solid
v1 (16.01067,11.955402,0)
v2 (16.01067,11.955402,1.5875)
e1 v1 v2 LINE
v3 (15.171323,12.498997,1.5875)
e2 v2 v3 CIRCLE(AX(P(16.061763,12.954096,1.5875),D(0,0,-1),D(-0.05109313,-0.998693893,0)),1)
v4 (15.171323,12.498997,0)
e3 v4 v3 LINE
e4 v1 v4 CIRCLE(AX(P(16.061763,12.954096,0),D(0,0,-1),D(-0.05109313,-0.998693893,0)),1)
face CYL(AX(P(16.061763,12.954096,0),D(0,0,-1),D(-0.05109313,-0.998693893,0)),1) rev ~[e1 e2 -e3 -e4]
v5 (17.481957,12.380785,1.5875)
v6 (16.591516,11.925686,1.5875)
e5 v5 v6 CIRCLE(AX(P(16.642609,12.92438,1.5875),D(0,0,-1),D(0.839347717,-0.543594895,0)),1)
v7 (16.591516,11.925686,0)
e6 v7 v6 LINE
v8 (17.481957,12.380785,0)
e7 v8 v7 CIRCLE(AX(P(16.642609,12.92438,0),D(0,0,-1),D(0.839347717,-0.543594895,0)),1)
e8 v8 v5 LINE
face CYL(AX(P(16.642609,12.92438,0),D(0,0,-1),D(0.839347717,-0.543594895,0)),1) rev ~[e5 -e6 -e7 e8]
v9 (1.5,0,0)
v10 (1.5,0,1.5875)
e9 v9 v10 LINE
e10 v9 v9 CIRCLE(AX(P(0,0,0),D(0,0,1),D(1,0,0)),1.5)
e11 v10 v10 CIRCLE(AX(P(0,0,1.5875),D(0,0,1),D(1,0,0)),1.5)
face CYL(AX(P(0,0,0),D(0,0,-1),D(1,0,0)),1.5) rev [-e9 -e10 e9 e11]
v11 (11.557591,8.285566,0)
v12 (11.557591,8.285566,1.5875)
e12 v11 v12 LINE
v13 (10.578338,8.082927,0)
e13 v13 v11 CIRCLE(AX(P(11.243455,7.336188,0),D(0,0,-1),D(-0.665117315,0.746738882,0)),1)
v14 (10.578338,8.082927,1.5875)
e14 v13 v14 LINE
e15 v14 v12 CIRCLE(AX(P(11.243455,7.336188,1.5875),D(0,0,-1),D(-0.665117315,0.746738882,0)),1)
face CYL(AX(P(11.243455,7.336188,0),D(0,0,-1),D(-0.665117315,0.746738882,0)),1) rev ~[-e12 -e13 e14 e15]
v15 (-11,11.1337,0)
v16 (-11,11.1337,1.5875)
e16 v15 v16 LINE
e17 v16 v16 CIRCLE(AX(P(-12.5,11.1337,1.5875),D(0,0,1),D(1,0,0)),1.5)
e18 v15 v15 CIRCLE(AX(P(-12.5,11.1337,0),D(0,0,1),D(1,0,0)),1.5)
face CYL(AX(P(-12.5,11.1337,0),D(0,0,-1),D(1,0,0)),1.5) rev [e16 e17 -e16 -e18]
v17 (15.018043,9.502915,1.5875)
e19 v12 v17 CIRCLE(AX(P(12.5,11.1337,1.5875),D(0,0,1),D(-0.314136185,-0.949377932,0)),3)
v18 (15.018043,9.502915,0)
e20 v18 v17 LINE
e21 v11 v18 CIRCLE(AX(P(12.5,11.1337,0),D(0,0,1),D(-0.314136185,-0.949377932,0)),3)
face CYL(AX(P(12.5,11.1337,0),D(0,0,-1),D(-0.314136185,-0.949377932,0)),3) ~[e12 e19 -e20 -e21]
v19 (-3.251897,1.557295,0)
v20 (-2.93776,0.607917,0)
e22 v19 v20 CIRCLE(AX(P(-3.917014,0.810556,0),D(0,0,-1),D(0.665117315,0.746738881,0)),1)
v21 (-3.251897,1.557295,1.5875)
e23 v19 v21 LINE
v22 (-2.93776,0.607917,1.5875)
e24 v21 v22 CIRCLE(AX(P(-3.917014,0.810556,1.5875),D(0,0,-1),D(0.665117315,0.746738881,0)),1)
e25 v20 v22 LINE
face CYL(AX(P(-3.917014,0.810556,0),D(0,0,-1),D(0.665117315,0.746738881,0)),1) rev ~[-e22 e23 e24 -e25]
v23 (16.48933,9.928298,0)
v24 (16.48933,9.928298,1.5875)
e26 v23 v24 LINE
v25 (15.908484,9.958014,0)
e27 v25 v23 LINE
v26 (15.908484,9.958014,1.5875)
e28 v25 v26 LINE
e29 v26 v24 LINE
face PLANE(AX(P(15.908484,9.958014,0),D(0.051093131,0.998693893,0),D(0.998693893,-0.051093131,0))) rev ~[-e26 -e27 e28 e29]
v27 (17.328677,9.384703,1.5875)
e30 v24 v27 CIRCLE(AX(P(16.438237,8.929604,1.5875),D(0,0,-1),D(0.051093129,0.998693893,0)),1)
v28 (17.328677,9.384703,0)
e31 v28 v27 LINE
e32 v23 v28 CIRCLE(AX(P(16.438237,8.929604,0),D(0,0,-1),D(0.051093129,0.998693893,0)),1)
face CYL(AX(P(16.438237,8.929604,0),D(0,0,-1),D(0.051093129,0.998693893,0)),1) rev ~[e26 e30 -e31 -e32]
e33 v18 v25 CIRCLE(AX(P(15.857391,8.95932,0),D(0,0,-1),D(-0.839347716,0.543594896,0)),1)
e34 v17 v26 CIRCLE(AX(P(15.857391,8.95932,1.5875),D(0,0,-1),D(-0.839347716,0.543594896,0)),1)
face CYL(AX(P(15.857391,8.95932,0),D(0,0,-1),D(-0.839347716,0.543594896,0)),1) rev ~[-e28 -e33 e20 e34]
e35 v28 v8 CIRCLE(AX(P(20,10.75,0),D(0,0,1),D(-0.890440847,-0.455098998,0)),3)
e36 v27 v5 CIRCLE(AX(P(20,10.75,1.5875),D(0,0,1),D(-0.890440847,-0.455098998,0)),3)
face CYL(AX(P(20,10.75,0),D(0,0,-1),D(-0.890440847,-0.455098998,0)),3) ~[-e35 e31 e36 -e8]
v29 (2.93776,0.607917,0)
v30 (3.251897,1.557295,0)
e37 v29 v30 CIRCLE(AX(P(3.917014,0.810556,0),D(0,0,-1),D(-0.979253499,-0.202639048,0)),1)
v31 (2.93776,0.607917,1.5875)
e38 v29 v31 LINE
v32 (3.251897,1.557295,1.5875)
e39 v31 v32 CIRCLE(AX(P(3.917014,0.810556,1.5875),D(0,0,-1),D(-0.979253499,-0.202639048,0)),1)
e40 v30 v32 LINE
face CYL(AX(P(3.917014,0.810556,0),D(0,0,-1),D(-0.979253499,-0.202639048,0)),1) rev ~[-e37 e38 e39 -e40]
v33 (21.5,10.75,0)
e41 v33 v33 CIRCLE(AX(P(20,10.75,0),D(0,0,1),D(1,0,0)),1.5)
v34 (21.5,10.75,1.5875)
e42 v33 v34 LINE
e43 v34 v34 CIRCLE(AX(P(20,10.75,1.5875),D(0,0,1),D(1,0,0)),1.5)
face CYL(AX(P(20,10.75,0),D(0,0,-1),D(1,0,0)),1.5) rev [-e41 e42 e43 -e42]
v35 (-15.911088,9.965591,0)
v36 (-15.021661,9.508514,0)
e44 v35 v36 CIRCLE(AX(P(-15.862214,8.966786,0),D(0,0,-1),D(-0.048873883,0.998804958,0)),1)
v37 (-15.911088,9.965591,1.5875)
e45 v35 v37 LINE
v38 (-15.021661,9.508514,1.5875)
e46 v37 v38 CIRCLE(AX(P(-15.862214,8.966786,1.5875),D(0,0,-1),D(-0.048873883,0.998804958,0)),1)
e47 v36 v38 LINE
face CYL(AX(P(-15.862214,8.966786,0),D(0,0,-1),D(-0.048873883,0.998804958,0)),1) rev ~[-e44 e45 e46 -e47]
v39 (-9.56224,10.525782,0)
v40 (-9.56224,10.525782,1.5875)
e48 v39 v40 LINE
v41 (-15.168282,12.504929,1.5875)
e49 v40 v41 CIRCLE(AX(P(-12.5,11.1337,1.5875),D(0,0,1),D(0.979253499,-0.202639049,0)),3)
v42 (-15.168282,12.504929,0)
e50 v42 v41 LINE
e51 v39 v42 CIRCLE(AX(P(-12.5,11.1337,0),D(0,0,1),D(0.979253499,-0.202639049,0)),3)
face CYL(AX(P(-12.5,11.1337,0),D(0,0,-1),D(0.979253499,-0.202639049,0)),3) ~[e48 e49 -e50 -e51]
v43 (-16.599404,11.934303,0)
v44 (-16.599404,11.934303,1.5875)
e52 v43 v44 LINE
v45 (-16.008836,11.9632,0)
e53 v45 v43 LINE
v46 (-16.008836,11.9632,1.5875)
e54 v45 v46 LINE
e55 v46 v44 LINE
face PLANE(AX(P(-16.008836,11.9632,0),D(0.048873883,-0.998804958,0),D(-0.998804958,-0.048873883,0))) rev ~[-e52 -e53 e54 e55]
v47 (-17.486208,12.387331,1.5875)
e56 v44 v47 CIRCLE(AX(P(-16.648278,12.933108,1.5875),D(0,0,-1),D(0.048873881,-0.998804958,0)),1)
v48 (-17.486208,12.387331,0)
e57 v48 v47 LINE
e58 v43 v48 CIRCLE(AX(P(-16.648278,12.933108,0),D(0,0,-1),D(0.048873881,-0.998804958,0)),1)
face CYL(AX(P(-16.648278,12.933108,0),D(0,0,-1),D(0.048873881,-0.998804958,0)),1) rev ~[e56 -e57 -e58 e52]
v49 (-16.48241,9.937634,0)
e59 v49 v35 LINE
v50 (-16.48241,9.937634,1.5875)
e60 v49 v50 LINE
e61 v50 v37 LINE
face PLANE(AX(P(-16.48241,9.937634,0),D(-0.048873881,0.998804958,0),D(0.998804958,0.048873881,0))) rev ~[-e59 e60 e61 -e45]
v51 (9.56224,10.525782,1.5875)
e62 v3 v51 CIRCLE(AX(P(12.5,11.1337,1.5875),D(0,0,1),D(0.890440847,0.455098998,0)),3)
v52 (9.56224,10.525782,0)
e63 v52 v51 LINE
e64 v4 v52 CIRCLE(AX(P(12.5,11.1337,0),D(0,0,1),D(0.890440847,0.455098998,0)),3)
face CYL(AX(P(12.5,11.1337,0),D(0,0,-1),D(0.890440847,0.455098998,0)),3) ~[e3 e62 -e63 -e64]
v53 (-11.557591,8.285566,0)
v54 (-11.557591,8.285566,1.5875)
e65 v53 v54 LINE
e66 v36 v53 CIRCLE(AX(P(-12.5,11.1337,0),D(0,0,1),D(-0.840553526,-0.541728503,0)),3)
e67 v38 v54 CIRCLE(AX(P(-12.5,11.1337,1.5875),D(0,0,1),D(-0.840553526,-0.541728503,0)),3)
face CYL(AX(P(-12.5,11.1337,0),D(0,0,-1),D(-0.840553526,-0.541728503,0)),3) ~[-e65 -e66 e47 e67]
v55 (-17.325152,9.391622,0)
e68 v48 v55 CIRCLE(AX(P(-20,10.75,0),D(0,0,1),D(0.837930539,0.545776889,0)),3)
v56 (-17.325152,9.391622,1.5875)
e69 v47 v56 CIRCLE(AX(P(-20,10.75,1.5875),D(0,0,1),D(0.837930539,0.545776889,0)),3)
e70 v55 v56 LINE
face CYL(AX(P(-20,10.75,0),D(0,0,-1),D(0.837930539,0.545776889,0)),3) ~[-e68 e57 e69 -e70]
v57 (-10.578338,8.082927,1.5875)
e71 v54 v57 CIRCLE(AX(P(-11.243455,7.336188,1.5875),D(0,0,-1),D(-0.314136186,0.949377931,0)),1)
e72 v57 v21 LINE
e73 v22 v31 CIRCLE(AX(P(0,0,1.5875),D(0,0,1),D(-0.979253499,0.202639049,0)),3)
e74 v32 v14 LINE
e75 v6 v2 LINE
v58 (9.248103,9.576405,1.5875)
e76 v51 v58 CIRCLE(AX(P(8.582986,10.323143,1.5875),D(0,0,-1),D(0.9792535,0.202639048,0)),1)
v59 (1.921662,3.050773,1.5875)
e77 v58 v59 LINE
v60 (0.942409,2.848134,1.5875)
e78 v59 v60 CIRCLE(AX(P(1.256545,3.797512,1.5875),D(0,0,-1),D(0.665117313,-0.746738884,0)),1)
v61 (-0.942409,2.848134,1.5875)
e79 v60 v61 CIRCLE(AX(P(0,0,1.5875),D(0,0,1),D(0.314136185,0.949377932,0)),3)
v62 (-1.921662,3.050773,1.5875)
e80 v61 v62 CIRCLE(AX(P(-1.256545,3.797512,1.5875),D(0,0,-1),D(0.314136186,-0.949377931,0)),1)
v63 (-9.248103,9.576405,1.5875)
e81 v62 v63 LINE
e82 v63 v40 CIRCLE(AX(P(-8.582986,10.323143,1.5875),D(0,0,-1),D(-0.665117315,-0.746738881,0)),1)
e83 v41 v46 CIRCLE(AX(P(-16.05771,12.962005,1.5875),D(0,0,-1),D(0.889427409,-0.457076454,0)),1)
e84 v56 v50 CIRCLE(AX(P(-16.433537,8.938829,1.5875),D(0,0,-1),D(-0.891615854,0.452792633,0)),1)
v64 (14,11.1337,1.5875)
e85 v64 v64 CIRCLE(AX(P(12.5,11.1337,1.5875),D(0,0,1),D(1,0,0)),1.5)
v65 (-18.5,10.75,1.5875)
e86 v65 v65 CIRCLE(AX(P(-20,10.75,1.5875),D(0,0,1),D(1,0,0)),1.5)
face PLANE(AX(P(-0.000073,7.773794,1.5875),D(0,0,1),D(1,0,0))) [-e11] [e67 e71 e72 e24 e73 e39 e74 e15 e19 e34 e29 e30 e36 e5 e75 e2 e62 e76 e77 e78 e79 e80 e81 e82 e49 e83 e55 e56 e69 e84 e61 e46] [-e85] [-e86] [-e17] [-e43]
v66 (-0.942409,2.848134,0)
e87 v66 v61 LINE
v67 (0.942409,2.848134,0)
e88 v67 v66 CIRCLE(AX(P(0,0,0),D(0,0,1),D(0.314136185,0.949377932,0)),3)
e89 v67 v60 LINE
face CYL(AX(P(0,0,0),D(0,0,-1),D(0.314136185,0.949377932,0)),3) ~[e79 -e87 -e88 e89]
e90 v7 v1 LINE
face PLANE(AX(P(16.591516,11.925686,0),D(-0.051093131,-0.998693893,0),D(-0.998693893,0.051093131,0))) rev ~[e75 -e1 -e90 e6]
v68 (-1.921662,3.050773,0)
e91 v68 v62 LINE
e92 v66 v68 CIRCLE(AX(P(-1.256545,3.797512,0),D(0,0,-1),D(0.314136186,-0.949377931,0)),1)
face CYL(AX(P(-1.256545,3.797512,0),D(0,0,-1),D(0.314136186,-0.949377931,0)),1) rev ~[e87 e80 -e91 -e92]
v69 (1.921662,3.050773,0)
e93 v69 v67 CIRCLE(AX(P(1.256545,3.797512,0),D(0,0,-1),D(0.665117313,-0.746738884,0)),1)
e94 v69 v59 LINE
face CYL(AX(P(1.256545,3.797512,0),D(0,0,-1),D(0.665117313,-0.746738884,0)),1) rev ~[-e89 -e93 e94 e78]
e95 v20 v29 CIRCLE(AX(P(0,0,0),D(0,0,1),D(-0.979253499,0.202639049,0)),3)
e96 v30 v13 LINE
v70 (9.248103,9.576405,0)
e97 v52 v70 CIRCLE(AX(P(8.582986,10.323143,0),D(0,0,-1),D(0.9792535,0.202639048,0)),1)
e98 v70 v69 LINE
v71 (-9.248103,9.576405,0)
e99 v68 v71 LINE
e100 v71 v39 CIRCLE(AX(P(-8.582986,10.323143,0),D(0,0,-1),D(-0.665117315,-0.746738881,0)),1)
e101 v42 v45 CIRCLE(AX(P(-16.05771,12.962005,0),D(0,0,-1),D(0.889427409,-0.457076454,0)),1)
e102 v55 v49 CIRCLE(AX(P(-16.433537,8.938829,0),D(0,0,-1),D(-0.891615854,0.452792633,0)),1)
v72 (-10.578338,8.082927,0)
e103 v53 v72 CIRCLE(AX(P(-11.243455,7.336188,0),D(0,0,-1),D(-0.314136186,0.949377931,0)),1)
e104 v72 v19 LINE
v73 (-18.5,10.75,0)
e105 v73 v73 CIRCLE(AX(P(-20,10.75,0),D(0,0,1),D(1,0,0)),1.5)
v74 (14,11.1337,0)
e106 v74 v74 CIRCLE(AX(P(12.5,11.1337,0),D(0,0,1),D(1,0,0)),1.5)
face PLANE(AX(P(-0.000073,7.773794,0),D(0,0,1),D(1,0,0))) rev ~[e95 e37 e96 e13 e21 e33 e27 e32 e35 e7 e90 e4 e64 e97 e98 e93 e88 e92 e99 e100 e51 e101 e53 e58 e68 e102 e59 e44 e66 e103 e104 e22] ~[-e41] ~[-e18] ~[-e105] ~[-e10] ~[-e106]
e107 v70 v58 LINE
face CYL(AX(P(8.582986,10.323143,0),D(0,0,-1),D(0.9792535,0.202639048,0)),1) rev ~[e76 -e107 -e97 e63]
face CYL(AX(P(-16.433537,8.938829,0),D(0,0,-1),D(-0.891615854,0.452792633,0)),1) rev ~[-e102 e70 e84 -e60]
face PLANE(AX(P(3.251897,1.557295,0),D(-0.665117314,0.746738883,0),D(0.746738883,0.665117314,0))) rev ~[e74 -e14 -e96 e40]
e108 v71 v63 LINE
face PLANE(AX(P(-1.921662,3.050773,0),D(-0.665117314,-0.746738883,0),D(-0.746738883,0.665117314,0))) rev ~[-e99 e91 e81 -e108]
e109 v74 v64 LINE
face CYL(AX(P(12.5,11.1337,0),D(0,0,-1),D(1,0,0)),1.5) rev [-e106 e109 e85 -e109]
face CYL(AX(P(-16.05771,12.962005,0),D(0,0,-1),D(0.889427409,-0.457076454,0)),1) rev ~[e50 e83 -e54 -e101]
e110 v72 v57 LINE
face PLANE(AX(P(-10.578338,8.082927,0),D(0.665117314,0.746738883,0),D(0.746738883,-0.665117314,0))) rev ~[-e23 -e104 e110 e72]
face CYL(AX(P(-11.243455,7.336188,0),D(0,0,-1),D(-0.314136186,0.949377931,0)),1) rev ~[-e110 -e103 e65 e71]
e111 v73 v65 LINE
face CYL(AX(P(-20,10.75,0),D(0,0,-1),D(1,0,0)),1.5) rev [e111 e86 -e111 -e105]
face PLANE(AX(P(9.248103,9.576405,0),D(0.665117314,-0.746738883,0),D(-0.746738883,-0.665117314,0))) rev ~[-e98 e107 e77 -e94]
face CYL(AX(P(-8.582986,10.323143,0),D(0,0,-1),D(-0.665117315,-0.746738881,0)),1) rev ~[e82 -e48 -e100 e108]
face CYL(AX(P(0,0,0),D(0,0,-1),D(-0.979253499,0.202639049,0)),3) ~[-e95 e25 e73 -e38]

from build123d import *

# Parameters (mm, degrees)
SKETCH4_R           = 1.5
SKETCH4_R_2         = 1.500000001
SKETCH4_R_3         = 1.499999998
BOSS_EXTRUDE2_DEPTH = 1.5875


with BuildPart() as part:
    # Sketch4 → Boss-Extrude2 (new body)
    with BuildSketch(Plane.XY):
        with BuildLine():
            Line((-1.921662056, 3.050772843), (-9.248103317, 9.576404551))
            ThreePointArc((-9.248103317, 9.576404551), (-9.532363934, 10.009007248), (-9.562239502, 10.525782482))
            ThreePointArc((-9.562239502, 10.525782482), (-11.501295907, 13.962584592), (-15.168282223, 12.504928996))
            ThreePointArc((-15.168282223, 12.504928996), (-15.515981129, 12.121451925), (-16.008835749, 11.963200494))
            Line((-16.008835749, 11.963200494), (-16.599403965, 11.934302598))
            ThreePointArc((-16.599403965, 11.934302598), (-17.103207742, 12.042580302), (-17.486208385, 12.387330667))
            ThreePointArc((-17.486208385, 12.387330667), (-22.995673813, 10.588945924), (-17.32515244, 9.391622098))
            ThreePointArc((-17.32515244, 9.391622098), (-16.977285242, 9.77807758), (-16.482410468, 9.937634422))
            Line((-16.482410468, 9.937634422), (-15.911087986, 9.965590578))
            ThreePointArc((-15.911087986, 9.965590578), (-15.405137648, 9.856213028), (-15.021660578, 9.508514122))
            ThreePointArc((-15.021660578, 9.508514122), (-13.498704093, 8.304814666), (-11.557591443, 8.285565834))
            ThreePointArc((-11.557591443, 8.285565834), (-11.040816209, 8.315441402), (-10.578337944, 8.082926785))
            Line((-10.578337944, 8.082926785), (-3.251896683, 1.557295078))
            ThreePointArc((-3.251896683, 1.557295078), (-2.967636066, 1.124692381), (-2.937760498, 0.607917146))
            ThreePointArc((-2.937760498, 0.607917146), (0, -3), (2.937760498, 0.607917146))
            ThreePointArc((2.937760498, 0.607917146), (2.967636066, 1.124692381), (3.251896683, 1.557295078))
            Line((3.251896683, 1.557295078), (10.578337944, 8.082926785))
            ThreePointArc((10.578337944, 8.082926785), (11.040816209, 8.315441402), (11.557591443, 8.285565834))
            ThreePointArc((11.557591443, 8.285565834), (13.495560549, 8.303706839), (15.01804315, 9.502914943))
            ThreePointArc((15.01804315, 9.502914943), (15.40229187, 9.849760895), (15.908483998, 9.958013941))
            Line((15.908483998, 9.958013941), (16.48932974, 9.928297901))
            ThreePointArc((16.48932974, 9.928297901), (16.981831505, 9.768951725), (17.328677456, 9.384703006))
            ThreePointArc((17.328677456, 9.384703006), (22.996081677, 10.596720608), (17.481956847, 12.380784685))
            ThreePointArc((17.481956847, 12.380784685), (17.097708128, 12.033938733), (16.591516, 11.925685687))
            Line((16.591516, 11.925685687), (16.010670258, 11.955401727))
            ThreePointArc((16.010670258, 11.955401727), (15.518168493, 12.114747903), (15.171322541, 12.498996622))
            ThreePointArc((15.171322541, 12.498996622), (11.504439451, 13.963692419), (9.562239502, 10.525782482))
            ThreePointArc((9.562239502, 10.525782482), (9.532363934, 10.009007248), (9.248103317, 9.576404551))
            Line((9.248103317, 9.576404551), (1.921662056, 3.050772843))
            ThreePointArc((1.921662056, 3.050772843), (1.459183791, 2.818258227), (0.942408557, 2.848133795))
            ThreePointArc((0.942408557, 2.848133795), (0, 3), (-0.942408557, 2.848133795))
            ThreePointArc((-0.942408557, 2.848133795), (-1.459183791, 2.818258227), (-1.921662056, 3.050772843))
        make_face()
        with Locations((-12.5, 11.133699629)):
            Circle(SKETCH4_R, mode=Mode.SUBTRACT)
        with Locations((-20.000000001, 10.750000001)):
            Circle(SKETCH4_R_2, mode=Mode.SUBTRACT)
        Circle(SKETCH4_R, mode=Mode.SUBTRACT)
        with Locations((12.5, 11.133699629)):
            Circle(SKETCH4_R, mode=Mode.SUBTRACT)
        with Locations((19.999999998, 10.749999999)):
            Circle(SKETCH4_R_3, mode=Mode.SUBTRACT)
    extrude(amount=BOSS_EXTRUDE2_DEPTH)


solid = part.part
